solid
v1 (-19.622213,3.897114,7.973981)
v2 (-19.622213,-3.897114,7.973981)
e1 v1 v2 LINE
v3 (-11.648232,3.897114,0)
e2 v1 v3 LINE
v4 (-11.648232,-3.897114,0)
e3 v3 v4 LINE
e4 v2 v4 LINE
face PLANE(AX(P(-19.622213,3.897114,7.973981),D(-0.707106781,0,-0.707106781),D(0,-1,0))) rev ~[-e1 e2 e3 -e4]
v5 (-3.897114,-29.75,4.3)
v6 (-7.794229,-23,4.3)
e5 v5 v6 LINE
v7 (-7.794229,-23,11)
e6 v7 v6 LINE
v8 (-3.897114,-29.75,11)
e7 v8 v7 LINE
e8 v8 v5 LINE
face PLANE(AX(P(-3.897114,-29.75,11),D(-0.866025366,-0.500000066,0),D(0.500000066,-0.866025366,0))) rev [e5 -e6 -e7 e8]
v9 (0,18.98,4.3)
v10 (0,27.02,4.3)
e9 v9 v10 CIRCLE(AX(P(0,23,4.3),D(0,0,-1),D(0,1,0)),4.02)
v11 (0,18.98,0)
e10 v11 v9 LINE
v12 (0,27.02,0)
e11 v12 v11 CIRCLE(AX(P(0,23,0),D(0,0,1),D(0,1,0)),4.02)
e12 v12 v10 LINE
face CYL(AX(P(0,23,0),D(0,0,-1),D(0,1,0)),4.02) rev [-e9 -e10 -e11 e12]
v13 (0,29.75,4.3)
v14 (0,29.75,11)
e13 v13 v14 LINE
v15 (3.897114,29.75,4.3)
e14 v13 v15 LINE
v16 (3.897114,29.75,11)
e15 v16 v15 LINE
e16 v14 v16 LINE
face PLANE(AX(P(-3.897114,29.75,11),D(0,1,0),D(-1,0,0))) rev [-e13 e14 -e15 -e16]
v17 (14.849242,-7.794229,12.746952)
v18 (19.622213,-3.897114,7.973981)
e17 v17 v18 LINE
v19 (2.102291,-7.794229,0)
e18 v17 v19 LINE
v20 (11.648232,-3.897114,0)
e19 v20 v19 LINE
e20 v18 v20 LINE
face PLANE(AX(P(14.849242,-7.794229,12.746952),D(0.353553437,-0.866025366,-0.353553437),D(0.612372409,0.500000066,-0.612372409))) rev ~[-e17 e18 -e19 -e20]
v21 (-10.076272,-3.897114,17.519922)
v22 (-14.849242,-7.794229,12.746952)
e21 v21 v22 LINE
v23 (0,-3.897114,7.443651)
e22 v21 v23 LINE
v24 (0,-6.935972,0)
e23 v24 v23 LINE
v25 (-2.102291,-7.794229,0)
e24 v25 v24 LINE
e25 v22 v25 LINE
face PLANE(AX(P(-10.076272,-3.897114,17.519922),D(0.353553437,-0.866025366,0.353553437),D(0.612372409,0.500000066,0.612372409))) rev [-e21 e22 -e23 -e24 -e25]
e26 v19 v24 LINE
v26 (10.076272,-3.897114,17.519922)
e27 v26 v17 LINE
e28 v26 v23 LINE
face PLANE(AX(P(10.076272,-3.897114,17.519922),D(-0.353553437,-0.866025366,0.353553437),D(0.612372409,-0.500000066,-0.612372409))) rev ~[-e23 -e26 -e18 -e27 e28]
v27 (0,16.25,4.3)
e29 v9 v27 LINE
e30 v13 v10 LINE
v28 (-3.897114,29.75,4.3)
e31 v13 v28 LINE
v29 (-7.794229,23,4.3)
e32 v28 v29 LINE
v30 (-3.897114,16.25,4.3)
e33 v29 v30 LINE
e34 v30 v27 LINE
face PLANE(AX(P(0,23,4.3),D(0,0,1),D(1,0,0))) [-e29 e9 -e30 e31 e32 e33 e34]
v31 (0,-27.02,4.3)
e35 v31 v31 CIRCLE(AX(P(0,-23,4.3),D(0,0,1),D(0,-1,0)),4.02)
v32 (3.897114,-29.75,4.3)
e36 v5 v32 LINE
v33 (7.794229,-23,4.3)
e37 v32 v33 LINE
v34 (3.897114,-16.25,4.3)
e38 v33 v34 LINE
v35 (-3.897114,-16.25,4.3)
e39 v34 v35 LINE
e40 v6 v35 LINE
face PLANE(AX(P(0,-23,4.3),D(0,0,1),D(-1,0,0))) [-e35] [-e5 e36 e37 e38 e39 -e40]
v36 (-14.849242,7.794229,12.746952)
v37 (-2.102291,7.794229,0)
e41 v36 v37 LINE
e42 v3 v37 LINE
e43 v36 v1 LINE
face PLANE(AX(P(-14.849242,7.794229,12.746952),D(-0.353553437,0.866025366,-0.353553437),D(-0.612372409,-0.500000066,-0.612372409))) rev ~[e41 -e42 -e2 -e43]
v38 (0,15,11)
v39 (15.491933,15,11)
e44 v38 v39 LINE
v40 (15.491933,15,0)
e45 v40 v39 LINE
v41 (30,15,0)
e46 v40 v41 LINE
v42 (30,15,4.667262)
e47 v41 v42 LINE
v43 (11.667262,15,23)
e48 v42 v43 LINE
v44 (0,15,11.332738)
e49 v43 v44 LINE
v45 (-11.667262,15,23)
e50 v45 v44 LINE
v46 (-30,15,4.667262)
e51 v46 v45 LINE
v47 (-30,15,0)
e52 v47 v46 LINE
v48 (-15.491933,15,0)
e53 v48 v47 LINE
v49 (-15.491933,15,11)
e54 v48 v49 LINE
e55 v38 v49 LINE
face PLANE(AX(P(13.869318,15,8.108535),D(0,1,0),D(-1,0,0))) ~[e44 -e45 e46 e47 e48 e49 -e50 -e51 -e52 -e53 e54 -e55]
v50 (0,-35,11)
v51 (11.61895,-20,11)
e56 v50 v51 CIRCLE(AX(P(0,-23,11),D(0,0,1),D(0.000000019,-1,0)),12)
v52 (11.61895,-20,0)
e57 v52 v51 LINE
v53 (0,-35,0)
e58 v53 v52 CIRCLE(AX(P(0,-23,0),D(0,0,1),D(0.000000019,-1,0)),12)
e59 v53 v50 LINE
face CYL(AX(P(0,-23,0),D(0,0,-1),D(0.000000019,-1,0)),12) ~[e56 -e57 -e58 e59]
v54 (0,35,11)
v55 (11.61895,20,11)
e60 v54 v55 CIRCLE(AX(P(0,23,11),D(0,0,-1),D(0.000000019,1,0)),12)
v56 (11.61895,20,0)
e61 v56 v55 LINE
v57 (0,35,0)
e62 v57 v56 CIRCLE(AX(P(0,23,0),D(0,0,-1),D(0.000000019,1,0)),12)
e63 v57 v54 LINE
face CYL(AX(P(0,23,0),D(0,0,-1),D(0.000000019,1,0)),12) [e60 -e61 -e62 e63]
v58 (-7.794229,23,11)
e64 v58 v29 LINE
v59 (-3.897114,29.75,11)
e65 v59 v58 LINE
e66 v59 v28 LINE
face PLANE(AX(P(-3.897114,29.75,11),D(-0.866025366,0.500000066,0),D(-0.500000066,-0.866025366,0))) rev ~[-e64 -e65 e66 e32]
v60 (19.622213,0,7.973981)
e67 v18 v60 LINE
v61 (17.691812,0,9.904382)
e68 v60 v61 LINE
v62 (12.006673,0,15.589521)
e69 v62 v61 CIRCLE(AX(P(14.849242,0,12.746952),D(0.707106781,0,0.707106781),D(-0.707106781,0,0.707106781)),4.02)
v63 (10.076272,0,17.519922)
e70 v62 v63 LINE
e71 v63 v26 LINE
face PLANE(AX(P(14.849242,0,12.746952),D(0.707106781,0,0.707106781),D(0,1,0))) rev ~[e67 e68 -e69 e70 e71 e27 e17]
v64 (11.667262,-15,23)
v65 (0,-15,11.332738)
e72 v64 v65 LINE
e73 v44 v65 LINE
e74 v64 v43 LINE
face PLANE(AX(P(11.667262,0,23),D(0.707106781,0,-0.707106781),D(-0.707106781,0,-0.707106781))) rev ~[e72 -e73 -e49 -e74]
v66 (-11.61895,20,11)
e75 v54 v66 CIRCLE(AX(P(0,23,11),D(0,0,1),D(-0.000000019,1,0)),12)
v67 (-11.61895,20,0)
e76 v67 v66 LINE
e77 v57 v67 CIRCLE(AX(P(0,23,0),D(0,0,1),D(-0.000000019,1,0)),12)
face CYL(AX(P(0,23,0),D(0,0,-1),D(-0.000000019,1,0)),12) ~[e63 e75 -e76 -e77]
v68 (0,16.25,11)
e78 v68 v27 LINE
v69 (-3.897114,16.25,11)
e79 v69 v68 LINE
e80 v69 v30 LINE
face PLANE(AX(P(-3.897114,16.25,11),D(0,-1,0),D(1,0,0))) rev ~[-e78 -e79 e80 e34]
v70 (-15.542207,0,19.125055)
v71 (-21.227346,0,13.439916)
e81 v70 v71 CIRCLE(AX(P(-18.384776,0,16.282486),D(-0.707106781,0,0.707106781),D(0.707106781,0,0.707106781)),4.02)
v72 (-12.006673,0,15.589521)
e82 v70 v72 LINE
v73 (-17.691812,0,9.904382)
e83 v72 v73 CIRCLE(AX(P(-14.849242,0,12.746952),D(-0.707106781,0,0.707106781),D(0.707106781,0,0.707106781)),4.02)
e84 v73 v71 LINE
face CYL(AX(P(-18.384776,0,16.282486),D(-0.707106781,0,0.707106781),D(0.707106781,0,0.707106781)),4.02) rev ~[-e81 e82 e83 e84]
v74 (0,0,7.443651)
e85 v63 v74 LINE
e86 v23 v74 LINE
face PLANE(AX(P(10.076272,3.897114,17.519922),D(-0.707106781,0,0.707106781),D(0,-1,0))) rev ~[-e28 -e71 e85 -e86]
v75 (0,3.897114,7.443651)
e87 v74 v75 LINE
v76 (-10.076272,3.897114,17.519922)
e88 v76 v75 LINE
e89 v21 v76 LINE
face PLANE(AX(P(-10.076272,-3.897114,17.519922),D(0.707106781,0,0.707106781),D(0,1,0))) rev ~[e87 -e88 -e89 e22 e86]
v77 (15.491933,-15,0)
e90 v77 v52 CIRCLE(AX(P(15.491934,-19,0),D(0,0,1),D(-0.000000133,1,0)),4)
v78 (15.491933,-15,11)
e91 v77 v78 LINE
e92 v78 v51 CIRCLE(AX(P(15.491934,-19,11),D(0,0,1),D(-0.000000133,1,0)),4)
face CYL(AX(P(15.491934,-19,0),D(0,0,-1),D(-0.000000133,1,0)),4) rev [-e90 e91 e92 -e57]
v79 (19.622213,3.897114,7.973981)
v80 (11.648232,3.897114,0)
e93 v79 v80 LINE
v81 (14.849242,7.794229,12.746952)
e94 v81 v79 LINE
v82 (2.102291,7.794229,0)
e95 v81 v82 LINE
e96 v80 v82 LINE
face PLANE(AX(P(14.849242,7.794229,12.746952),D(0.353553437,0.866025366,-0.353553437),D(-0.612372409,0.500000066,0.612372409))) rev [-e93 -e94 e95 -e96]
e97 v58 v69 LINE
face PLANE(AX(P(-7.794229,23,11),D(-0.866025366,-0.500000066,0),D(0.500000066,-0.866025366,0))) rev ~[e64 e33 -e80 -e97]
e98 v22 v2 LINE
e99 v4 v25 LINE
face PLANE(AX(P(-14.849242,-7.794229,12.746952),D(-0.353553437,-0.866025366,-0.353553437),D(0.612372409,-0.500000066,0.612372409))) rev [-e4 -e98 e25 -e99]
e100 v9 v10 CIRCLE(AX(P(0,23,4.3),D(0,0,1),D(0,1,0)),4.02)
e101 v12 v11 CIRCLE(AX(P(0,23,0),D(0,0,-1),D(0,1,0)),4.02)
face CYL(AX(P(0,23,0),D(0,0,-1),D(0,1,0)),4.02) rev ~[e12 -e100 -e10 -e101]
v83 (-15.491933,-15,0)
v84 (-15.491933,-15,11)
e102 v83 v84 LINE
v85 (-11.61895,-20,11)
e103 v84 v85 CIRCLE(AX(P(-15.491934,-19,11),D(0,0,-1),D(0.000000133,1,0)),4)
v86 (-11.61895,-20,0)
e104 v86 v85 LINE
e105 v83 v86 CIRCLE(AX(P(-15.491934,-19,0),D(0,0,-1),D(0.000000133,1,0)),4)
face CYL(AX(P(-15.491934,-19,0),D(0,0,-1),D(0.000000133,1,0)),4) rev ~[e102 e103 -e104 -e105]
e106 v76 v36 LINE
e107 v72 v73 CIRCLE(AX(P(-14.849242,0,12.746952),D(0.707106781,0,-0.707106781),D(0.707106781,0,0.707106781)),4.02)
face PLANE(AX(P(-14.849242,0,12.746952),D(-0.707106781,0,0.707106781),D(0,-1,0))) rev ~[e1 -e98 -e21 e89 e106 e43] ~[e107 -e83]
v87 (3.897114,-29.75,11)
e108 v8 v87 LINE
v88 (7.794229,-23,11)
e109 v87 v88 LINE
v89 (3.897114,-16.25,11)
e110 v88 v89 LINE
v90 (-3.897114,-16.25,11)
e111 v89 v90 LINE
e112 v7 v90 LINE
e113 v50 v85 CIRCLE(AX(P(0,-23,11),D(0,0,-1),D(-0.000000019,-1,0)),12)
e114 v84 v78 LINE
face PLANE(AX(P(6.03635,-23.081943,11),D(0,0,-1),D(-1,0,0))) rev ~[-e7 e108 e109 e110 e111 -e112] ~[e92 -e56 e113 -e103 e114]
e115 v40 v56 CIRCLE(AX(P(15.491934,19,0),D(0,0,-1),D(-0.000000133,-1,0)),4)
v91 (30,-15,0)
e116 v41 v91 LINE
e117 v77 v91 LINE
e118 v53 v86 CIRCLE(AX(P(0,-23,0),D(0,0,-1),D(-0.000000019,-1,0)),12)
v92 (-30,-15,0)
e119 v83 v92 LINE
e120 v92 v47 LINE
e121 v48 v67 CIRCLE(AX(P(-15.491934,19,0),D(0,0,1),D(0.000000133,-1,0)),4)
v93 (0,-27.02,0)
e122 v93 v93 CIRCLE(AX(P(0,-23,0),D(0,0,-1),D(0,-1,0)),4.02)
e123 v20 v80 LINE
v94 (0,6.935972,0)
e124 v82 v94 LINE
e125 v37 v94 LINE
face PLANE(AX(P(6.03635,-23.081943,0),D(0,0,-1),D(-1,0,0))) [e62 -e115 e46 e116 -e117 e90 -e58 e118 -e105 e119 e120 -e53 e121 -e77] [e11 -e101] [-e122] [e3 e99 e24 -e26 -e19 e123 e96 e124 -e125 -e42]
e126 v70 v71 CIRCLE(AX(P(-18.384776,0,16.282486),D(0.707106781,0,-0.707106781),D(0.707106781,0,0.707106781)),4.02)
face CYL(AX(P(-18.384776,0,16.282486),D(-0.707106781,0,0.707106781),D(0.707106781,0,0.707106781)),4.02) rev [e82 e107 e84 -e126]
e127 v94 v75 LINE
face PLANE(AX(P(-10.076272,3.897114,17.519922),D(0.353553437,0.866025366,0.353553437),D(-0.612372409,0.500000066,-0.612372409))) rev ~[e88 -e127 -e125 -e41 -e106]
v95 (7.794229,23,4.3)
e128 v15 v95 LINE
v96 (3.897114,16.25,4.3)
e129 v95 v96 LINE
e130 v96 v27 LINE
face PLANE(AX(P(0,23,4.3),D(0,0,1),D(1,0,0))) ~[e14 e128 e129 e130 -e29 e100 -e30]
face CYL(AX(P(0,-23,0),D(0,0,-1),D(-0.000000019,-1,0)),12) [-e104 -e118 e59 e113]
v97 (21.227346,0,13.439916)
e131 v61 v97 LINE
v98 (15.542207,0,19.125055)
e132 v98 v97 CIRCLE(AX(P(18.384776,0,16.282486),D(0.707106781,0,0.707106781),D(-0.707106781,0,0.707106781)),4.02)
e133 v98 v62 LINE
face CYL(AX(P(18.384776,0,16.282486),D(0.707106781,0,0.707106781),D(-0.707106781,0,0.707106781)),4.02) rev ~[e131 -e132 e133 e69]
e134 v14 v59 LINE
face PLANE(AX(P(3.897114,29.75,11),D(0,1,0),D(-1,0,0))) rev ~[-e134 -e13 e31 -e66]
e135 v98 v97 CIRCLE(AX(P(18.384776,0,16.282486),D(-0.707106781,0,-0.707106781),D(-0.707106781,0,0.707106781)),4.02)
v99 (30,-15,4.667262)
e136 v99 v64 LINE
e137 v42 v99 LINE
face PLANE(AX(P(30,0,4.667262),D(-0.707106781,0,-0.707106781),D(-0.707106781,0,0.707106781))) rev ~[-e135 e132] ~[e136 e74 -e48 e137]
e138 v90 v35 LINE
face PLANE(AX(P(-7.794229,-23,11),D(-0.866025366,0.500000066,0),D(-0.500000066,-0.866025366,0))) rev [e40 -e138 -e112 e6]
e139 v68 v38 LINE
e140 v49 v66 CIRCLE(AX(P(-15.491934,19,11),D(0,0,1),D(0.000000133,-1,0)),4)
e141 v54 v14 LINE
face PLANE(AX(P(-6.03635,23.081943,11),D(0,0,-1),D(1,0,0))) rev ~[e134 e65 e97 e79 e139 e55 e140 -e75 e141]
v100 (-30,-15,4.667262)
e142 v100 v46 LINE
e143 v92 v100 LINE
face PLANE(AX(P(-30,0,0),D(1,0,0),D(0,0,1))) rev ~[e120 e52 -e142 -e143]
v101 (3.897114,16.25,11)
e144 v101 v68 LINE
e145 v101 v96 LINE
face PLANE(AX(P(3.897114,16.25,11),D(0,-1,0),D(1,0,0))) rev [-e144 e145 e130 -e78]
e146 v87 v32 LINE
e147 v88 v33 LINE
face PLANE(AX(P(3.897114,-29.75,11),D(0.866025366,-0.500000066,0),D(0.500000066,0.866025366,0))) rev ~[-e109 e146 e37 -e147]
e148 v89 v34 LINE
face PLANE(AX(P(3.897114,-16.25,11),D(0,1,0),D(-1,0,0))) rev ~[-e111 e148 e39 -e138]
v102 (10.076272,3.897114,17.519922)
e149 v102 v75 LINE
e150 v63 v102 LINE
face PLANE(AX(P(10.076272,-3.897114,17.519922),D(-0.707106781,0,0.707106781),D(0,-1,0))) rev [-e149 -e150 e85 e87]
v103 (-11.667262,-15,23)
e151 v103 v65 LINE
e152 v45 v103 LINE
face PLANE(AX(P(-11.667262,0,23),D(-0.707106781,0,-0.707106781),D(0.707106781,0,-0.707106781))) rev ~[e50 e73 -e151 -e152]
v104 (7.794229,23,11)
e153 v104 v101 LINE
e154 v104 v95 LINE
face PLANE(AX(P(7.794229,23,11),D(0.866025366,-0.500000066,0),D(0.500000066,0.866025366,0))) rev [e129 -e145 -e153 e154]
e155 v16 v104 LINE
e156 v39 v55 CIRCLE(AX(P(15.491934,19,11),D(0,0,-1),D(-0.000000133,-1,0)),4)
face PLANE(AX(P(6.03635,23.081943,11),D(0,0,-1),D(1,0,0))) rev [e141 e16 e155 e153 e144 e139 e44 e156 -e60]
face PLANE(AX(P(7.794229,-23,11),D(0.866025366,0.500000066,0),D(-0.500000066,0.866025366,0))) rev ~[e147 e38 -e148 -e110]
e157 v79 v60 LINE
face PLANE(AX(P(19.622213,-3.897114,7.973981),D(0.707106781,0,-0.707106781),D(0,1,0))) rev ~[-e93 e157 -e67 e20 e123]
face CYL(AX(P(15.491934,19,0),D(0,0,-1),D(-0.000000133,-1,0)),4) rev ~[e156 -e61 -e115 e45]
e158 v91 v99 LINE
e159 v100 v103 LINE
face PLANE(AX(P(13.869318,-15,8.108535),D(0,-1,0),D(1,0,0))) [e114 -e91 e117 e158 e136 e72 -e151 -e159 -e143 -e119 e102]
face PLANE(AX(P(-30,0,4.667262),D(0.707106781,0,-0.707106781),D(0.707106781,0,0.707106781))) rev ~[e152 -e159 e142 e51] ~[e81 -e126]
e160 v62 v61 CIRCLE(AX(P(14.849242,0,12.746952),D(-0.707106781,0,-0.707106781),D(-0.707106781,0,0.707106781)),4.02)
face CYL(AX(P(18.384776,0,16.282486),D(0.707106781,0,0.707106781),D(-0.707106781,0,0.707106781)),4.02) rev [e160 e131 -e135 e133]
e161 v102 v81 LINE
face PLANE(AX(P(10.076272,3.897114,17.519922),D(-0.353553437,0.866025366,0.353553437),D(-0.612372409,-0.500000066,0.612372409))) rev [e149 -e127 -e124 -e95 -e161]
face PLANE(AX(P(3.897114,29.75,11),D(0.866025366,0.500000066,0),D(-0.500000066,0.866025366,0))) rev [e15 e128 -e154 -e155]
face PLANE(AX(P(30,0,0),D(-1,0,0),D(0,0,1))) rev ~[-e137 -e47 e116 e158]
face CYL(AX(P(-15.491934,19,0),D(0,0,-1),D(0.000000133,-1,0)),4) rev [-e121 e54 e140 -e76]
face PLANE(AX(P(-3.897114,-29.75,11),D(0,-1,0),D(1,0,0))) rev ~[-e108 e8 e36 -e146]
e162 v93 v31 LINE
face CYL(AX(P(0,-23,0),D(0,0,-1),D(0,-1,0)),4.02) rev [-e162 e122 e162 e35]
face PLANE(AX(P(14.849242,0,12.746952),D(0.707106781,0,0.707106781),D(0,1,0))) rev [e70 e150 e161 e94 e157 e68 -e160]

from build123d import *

# Parameters (mm, degrees)
PAD_DEPTH       = 15
PAD001_DEPTH    = 11
SKETCH002_R     = 4.02
HOLE_DEPTH      = 25
POCKET_DEPTH    = 21
POCKET001_DEPTH = 6.7


with BuildPart() as body:
    # Sketch → Pad (new body)
    with BuildSketch(Plane.XZ):
        Polygon((30, 4.667262), (11.667262, 23), (0, 11.332738), (0, 0), (30, 0), align=None)
    extrude(amount=PAD_DEPTH)

    # Sketch001 → Pad001 (join)
    with BuildSketch(Plane.XY):
        with BuildLine():
            ThreePointArc((0, -27.02), (4.02, -23), (0, -18.98))
            Line((0, -18.98), (0, -15))
            Line((0, -15), (15.491933, -15))
            ThreePointArc((15.491933, -15), (12.329656, -16.55051), (11.61895, -20))
            ThreePointArc((0, -35), (9.486833, -30.348469), (11.61895, -20))
            Line((0, -35), (0, -27.02))
        make_face()
    extrude(amount=PAD001_DEPTH)

    # Sketch002 (on DatumPlane) → Hole (cut)
    with BuildSketch(Plane(origin=(17.333631, 0, 17.333631), x_dir=(-0.707107, 0, 0.707107), z_dir=(0.707107, 0, 0.707107))):
        with Locations((-1.486544, 0)):
            Circle(SKETCH002_R)
    extrude(amount=-HOLE_DEPTH, mode=Mode.SUBTRACT)

    # Sketch003 (on DatumPlane) → Pocket (cut)
    with BuildSketch(Plane(origin=(8.131728, 0, 19.464466), x_dir=(0, 1, 0), z_dir=(0.707107, 0, 0.707107))):
        Polygon((-7.794229, -9.5), (-3.897114, -16.25), (3.897114, -16.25), (7.794229, -9.5), (3.897114, -2.75), (-3.897114, -2.75), align=None)
    extrude(amount=-POCKET_DEPTH, mode=Mode.SUBTRACT)

    # Sketch004 (on Face13 of Pocket) → Pocket001 (cut)
    with BuildSketch(Plane(origin=(0, 0, 11), x_dir=(-1, 0, 0), z_dir=(0, 0, 1))):
        Polygon((-3.897114, 29.75), (-7.794229, 23), (-3.897114, 16.25), (3.897114, 16.25), (7.794229, 23), (3.897114, 29.75), align=None)
    extrude(amount=-POCKET001_DEPTH, mode=Mode.SUBTRACT)


with BuildPart() as part_mirroring:
    # Part__Mirroring: instance of Body
    add(body.part.mirror(Plane(origin=(0, 0, 0), x_dir=(1, 0, 0), z_dir=(0, 1, 0))))


with BuildPart() as part_mirroring001:
    # Part__Mirroring001: instance of Part__Mirroring
    add(part_mirroring.part.mirror(Plane(origin=(0, 0, 0), x_dir=(0, -1, 0), z_dir=(1, 0, 0))))


with BuildPart() as fusion:
    # Part__Mirroring002: instance of Body
    add(body.part.mirror(Plane(origin=(0, 0, 0), x_dir=(0, -1, 0), z_dir=(1, 0, 0))))

    # Fusion: union Part__Mirroring001, Part__Mirroring, Body
    add(part_mirroring001.part)
    add(part_mirroring.part)
    add(body.part)


solid = fusion.part
